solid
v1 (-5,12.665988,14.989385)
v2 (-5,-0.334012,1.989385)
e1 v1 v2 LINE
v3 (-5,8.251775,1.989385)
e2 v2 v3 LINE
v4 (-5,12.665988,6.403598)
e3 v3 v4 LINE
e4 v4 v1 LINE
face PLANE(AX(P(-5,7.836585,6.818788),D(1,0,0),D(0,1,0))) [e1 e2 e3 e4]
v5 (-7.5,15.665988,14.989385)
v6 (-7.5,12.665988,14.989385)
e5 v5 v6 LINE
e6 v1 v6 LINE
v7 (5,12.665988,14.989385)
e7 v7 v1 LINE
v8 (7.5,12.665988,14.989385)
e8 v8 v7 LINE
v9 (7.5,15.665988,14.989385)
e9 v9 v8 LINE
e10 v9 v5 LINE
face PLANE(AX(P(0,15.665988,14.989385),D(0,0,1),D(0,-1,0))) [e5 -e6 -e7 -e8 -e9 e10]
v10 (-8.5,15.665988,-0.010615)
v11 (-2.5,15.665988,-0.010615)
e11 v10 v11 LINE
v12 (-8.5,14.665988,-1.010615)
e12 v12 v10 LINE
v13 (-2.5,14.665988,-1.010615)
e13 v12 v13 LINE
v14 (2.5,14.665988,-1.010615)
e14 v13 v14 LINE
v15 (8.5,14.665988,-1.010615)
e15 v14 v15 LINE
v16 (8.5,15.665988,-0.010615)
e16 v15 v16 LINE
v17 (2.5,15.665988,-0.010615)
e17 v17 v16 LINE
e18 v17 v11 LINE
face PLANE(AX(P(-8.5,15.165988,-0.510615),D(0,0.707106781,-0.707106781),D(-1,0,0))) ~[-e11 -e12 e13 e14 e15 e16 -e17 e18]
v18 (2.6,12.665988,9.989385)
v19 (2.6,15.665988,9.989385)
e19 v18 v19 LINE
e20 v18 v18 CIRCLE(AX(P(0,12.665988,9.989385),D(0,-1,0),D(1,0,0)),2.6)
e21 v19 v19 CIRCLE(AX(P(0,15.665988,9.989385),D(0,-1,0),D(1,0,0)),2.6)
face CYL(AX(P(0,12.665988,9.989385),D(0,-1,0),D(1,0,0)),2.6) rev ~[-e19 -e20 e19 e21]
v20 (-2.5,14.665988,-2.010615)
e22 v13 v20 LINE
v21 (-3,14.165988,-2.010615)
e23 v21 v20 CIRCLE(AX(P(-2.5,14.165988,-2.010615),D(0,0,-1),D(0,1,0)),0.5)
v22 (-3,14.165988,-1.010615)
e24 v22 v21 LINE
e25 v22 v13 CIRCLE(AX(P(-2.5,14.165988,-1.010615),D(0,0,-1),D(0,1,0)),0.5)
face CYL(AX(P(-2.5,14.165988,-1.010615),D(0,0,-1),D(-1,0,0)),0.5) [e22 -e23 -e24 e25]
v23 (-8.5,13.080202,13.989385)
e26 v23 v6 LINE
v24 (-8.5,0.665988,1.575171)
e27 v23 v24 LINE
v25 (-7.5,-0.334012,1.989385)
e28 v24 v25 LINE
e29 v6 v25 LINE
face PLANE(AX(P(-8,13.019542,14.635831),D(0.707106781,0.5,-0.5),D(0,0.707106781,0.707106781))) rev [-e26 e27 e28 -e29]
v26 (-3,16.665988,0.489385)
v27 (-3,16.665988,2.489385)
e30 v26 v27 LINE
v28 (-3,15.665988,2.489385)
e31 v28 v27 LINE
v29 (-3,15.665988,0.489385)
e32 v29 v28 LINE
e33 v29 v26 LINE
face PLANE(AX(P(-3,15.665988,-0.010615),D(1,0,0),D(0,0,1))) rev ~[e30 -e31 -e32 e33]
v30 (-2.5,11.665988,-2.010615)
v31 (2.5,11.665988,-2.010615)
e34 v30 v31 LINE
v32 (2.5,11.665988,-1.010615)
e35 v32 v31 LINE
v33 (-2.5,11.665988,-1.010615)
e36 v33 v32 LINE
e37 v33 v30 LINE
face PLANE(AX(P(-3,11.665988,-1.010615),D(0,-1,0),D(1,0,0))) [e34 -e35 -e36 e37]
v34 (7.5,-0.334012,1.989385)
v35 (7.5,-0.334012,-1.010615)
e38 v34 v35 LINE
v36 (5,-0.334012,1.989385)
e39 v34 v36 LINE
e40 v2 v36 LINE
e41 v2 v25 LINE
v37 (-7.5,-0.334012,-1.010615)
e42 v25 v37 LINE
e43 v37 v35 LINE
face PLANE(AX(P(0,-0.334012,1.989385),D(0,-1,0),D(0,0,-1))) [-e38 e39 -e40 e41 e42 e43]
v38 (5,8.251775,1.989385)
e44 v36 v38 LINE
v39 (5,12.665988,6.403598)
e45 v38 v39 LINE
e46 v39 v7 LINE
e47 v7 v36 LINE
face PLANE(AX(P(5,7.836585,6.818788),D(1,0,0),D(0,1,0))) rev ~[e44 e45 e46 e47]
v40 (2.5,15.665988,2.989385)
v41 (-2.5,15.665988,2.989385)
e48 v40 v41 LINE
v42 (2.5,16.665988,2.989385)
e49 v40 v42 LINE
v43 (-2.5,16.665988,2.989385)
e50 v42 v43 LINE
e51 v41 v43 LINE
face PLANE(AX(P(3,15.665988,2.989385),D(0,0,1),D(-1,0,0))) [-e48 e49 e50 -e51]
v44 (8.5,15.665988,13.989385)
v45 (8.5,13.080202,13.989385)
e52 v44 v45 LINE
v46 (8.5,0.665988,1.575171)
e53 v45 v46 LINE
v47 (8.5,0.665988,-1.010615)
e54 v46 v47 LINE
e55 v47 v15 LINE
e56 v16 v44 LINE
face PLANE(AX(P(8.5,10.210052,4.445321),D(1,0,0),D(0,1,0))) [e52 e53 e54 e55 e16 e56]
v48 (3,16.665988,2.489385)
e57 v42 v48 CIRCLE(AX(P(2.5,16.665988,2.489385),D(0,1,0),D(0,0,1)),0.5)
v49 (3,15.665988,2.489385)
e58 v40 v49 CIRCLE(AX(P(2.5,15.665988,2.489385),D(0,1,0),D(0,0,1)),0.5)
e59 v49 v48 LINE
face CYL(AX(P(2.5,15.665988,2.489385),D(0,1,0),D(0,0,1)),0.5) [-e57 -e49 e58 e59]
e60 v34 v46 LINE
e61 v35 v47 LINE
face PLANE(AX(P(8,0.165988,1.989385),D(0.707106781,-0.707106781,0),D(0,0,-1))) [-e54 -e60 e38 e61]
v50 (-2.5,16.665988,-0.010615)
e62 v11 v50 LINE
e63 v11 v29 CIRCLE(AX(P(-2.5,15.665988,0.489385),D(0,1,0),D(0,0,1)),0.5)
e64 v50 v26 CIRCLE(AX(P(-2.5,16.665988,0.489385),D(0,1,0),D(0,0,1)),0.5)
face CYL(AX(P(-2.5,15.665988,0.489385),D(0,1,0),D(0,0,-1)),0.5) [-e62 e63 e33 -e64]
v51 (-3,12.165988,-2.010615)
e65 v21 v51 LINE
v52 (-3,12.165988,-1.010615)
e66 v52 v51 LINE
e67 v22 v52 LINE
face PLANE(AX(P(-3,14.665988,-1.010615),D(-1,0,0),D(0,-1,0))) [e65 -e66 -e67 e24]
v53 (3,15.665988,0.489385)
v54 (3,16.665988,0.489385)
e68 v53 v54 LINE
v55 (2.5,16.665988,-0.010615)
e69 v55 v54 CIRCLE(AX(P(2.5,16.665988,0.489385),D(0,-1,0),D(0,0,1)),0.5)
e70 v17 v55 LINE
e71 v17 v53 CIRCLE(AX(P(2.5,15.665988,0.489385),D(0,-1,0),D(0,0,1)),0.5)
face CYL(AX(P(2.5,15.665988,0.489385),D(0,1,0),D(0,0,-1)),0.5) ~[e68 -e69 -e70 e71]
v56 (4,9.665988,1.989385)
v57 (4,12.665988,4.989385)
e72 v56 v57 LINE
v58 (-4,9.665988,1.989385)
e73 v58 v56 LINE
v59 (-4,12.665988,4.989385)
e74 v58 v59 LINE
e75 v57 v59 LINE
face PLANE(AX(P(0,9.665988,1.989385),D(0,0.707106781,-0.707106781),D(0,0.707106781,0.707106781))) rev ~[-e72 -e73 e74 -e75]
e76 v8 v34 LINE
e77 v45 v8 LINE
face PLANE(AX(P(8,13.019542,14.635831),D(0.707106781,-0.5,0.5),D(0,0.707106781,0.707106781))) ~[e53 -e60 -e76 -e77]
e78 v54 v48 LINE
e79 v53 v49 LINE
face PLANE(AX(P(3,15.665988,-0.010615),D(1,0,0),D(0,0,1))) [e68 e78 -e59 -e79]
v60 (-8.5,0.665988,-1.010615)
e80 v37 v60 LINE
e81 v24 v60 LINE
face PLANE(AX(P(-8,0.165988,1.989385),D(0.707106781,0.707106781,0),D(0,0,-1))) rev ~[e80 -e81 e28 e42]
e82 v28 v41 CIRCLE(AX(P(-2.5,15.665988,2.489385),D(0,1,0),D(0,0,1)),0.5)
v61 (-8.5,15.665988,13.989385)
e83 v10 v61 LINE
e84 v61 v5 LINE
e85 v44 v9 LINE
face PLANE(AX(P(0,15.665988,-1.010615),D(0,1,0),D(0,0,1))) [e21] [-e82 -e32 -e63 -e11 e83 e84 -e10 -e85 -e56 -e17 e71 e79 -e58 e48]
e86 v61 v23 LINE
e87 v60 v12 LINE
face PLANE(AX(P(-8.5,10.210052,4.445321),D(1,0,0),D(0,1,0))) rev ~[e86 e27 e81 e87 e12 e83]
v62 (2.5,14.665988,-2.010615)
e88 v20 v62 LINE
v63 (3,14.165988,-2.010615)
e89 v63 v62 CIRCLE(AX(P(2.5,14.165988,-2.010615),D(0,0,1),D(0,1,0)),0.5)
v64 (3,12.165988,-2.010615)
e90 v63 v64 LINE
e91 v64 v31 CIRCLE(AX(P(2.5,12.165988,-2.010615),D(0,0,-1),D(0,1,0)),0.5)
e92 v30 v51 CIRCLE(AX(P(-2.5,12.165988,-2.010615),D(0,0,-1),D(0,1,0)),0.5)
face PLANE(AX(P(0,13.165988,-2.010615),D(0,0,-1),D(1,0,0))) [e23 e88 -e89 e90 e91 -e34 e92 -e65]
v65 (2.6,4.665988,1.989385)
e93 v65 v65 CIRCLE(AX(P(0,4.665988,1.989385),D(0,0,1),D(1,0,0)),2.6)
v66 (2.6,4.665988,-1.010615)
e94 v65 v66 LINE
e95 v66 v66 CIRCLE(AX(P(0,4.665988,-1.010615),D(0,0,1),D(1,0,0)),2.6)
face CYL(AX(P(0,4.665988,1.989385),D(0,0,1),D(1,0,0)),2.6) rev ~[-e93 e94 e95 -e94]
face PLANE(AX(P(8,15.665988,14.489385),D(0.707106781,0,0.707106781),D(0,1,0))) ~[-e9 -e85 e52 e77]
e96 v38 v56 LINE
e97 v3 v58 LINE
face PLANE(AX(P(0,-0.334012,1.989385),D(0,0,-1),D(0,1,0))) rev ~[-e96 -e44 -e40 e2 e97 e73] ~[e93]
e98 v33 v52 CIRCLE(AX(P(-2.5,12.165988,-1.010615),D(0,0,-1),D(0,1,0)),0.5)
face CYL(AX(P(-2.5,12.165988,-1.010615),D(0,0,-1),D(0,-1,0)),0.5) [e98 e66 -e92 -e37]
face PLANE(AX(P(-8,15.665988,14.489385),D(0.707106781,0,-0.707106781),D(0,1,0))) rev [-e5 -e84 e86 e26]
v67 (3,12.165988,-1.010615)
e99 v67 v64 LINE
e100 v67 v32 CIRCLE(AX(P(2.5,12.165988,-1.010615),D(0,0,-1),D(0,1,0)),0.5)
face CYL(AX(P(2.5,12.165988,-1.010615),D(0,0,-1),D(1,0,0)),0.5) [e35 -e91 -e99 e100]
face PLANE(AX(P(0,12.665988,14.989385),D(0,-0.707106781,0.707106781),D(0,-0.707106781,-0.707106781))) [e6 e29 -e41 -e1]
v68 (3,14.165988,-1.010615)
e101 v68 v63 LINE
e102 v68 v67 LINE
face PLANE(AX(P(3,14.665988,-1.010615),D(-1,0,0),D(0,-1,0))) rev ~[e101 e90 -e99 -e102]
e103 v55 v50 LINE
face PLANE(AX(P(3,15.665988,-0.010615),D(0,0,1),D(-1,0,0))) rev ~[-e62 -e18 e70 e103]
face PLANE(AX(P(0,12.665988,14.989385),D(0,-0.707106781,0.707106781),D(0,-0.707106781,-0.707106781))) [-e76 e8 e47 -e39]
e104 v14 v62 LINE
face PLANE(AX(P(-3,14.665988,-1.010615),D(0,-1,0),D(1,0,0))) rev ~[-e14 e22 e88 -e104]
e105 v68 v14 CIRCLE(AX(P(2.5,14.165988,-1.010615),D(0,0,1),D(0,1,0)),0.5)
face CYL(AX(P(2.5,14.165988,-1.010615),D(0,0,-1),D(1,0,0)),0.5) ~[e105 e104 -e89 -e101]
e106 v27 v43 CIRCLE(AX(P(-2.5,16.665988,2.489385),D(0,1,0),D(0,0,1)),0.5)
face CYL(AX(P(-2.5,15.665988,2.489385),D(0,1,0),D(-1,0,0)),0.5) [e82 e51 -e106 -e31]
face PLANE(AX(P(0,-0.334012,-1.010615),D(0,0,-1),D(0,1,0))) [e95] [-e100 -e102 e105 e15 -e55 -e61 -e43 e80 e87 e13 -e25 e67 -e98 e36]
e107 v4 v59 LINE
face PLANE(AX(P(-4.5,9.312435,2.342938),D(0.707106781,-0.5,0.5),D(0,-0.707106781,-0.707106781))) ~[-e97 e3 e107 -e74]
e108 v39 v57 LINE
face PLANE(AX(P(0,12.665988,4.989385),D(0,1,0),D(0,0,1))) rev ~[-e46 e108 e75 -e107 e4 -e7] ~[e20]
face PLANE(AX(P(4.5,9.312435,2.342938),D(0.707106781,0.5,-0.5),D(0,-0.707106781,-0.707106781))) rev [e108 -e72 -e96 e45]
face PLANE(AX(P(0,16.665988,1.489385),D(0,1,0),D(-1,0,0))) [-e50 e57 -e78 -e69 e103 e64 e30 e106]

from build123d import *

# Parameters (mm, degrees)
F1_DEPTH  = 8.5
F2_DEPTH  = 5
F3_R      = 2.6
F4_DEPTH  = 25
F5_R      = 2.6
F6_DEPTH  = 25
F7_SIZE   = 1
F8_W      = 6
F8_H      = 3
F9_DEPTH  = 1
F10_W     = 6
F10_H     = 3
F11_DEPTH = 1
F12_R     = 0.5


with BuildPart() as f1:
    # F0 (on Right) → F1 (new body, symmetric)
    with BuildSketch(Plane.YZ):
        Polygon((-0.3340116796, 1.9893845548), (-0.3340116796, -1.0106154452), (15.6659883204, -1.0106154452), (15.6659883204, 14.9893845548), (12.6659883204, 14.9893845548), (12.6659883204, 4.9893845548), (9.6659883204, 1.9893845548), align=None)
        Polygon((12.6659883204, 14.9893845548), (-0.3340116796, 1.9893845548), (9.6659883204, 1.9893845548), (12.6659883204, 4.9893845548), align=None)
    extrude(amount=F1_DEPTH, both=True)

    # F0 (on Right) → F2 (cut, symmetric)
    with BuildSketch(Plane.YZ):
        Polygon((12.6659883204, 14.9893845548), (-0.3340116796, 1.9893845548), (9.6659883204, 1.9893845548), (12.6659883204, 4.9893845548), align=None)
    extrude(amount=F2_DEPTH, both=True, mode=Mode.SUBTRACT)

    # F3 (on face) → F4 (cut)
    with BuildSketch(Plane.XZ.offset(-12.6659883204)):
        with Locations((0, 9.9893845548)):
            Circle(F3_R)
    extrude(amount=-F4_DEPTH, mode=Mode.SUBTRACT)

    # F5 (on face) → F6 (cut)
    with BuildSketch(Plane.XY.offset(1.9893845548)):
        with Locations((0, 4.6659883204)):
            Circle(F5_R)
    extrude(amount=-F6_DEPTH, mode=Mode.SUBTRACT)

    # F7
    f7_edges = [f1.edges().sort_by_distance(p)[0] for p in [
        (-8.5, 14.165988, 14.989385),
        (-8.5, 6.165988, 8.489385),
        (-8.5, -0.334012, 0.489385),
        (8.5, -0.334012, 0.489385),
        (8.5, 6.165988, 8.489385),
        (8.5, 14.165988, 14.989385),
        (-5, 11.165988, 3.489385),
        (5, 11.165988, 3.489385),
        (0, 15.665988, -1.010615),
    ]]
    chamfer(f7_edges, length=F7_SIZE)

    # F8 (on face) → F9 (join)
    with BuildSketch(Plane(origin=(0, 15.6659883204, 0), x_dir=(-1, 0, 0), z_dir=(0, 1, 0))):
        with Locations((0, 1.4893845548)):
            Rectangle(F8_W, F8_H)
    extrude(amount=F9_DEPTH)

    # F10 (on face) → F11 (join)
    with BuildSketch(Plane(origin=(0, 0, -1.0106154452), x_dir=(1, 0, 0), z_dir=(0, 0, -1))):
        with Locations((0, -13.1659883204)):
            Rectangle(F10_W, F10_H)
    extrude(amount=F11_DEPTH)

    # F12
    f12_edges = [f1.edges().sort_by_distance(p)[0] for p in [
        (3, 16.165988, 2.989385),
        (3, 16.165988, -0.010615),
        (-3, 16.165988, 2.989385),
        (-3, 16.165988, -0.010615),
        (-3, 11.665988, -1.510615),
        (-3, 14.665988, -1.510615),
        (3, 11.665988, -1.510615),
        (3, 14.665988, -1.510615),
    ]]
    fillet(f12_edges, radius=F12_R)


solid = f1.part
